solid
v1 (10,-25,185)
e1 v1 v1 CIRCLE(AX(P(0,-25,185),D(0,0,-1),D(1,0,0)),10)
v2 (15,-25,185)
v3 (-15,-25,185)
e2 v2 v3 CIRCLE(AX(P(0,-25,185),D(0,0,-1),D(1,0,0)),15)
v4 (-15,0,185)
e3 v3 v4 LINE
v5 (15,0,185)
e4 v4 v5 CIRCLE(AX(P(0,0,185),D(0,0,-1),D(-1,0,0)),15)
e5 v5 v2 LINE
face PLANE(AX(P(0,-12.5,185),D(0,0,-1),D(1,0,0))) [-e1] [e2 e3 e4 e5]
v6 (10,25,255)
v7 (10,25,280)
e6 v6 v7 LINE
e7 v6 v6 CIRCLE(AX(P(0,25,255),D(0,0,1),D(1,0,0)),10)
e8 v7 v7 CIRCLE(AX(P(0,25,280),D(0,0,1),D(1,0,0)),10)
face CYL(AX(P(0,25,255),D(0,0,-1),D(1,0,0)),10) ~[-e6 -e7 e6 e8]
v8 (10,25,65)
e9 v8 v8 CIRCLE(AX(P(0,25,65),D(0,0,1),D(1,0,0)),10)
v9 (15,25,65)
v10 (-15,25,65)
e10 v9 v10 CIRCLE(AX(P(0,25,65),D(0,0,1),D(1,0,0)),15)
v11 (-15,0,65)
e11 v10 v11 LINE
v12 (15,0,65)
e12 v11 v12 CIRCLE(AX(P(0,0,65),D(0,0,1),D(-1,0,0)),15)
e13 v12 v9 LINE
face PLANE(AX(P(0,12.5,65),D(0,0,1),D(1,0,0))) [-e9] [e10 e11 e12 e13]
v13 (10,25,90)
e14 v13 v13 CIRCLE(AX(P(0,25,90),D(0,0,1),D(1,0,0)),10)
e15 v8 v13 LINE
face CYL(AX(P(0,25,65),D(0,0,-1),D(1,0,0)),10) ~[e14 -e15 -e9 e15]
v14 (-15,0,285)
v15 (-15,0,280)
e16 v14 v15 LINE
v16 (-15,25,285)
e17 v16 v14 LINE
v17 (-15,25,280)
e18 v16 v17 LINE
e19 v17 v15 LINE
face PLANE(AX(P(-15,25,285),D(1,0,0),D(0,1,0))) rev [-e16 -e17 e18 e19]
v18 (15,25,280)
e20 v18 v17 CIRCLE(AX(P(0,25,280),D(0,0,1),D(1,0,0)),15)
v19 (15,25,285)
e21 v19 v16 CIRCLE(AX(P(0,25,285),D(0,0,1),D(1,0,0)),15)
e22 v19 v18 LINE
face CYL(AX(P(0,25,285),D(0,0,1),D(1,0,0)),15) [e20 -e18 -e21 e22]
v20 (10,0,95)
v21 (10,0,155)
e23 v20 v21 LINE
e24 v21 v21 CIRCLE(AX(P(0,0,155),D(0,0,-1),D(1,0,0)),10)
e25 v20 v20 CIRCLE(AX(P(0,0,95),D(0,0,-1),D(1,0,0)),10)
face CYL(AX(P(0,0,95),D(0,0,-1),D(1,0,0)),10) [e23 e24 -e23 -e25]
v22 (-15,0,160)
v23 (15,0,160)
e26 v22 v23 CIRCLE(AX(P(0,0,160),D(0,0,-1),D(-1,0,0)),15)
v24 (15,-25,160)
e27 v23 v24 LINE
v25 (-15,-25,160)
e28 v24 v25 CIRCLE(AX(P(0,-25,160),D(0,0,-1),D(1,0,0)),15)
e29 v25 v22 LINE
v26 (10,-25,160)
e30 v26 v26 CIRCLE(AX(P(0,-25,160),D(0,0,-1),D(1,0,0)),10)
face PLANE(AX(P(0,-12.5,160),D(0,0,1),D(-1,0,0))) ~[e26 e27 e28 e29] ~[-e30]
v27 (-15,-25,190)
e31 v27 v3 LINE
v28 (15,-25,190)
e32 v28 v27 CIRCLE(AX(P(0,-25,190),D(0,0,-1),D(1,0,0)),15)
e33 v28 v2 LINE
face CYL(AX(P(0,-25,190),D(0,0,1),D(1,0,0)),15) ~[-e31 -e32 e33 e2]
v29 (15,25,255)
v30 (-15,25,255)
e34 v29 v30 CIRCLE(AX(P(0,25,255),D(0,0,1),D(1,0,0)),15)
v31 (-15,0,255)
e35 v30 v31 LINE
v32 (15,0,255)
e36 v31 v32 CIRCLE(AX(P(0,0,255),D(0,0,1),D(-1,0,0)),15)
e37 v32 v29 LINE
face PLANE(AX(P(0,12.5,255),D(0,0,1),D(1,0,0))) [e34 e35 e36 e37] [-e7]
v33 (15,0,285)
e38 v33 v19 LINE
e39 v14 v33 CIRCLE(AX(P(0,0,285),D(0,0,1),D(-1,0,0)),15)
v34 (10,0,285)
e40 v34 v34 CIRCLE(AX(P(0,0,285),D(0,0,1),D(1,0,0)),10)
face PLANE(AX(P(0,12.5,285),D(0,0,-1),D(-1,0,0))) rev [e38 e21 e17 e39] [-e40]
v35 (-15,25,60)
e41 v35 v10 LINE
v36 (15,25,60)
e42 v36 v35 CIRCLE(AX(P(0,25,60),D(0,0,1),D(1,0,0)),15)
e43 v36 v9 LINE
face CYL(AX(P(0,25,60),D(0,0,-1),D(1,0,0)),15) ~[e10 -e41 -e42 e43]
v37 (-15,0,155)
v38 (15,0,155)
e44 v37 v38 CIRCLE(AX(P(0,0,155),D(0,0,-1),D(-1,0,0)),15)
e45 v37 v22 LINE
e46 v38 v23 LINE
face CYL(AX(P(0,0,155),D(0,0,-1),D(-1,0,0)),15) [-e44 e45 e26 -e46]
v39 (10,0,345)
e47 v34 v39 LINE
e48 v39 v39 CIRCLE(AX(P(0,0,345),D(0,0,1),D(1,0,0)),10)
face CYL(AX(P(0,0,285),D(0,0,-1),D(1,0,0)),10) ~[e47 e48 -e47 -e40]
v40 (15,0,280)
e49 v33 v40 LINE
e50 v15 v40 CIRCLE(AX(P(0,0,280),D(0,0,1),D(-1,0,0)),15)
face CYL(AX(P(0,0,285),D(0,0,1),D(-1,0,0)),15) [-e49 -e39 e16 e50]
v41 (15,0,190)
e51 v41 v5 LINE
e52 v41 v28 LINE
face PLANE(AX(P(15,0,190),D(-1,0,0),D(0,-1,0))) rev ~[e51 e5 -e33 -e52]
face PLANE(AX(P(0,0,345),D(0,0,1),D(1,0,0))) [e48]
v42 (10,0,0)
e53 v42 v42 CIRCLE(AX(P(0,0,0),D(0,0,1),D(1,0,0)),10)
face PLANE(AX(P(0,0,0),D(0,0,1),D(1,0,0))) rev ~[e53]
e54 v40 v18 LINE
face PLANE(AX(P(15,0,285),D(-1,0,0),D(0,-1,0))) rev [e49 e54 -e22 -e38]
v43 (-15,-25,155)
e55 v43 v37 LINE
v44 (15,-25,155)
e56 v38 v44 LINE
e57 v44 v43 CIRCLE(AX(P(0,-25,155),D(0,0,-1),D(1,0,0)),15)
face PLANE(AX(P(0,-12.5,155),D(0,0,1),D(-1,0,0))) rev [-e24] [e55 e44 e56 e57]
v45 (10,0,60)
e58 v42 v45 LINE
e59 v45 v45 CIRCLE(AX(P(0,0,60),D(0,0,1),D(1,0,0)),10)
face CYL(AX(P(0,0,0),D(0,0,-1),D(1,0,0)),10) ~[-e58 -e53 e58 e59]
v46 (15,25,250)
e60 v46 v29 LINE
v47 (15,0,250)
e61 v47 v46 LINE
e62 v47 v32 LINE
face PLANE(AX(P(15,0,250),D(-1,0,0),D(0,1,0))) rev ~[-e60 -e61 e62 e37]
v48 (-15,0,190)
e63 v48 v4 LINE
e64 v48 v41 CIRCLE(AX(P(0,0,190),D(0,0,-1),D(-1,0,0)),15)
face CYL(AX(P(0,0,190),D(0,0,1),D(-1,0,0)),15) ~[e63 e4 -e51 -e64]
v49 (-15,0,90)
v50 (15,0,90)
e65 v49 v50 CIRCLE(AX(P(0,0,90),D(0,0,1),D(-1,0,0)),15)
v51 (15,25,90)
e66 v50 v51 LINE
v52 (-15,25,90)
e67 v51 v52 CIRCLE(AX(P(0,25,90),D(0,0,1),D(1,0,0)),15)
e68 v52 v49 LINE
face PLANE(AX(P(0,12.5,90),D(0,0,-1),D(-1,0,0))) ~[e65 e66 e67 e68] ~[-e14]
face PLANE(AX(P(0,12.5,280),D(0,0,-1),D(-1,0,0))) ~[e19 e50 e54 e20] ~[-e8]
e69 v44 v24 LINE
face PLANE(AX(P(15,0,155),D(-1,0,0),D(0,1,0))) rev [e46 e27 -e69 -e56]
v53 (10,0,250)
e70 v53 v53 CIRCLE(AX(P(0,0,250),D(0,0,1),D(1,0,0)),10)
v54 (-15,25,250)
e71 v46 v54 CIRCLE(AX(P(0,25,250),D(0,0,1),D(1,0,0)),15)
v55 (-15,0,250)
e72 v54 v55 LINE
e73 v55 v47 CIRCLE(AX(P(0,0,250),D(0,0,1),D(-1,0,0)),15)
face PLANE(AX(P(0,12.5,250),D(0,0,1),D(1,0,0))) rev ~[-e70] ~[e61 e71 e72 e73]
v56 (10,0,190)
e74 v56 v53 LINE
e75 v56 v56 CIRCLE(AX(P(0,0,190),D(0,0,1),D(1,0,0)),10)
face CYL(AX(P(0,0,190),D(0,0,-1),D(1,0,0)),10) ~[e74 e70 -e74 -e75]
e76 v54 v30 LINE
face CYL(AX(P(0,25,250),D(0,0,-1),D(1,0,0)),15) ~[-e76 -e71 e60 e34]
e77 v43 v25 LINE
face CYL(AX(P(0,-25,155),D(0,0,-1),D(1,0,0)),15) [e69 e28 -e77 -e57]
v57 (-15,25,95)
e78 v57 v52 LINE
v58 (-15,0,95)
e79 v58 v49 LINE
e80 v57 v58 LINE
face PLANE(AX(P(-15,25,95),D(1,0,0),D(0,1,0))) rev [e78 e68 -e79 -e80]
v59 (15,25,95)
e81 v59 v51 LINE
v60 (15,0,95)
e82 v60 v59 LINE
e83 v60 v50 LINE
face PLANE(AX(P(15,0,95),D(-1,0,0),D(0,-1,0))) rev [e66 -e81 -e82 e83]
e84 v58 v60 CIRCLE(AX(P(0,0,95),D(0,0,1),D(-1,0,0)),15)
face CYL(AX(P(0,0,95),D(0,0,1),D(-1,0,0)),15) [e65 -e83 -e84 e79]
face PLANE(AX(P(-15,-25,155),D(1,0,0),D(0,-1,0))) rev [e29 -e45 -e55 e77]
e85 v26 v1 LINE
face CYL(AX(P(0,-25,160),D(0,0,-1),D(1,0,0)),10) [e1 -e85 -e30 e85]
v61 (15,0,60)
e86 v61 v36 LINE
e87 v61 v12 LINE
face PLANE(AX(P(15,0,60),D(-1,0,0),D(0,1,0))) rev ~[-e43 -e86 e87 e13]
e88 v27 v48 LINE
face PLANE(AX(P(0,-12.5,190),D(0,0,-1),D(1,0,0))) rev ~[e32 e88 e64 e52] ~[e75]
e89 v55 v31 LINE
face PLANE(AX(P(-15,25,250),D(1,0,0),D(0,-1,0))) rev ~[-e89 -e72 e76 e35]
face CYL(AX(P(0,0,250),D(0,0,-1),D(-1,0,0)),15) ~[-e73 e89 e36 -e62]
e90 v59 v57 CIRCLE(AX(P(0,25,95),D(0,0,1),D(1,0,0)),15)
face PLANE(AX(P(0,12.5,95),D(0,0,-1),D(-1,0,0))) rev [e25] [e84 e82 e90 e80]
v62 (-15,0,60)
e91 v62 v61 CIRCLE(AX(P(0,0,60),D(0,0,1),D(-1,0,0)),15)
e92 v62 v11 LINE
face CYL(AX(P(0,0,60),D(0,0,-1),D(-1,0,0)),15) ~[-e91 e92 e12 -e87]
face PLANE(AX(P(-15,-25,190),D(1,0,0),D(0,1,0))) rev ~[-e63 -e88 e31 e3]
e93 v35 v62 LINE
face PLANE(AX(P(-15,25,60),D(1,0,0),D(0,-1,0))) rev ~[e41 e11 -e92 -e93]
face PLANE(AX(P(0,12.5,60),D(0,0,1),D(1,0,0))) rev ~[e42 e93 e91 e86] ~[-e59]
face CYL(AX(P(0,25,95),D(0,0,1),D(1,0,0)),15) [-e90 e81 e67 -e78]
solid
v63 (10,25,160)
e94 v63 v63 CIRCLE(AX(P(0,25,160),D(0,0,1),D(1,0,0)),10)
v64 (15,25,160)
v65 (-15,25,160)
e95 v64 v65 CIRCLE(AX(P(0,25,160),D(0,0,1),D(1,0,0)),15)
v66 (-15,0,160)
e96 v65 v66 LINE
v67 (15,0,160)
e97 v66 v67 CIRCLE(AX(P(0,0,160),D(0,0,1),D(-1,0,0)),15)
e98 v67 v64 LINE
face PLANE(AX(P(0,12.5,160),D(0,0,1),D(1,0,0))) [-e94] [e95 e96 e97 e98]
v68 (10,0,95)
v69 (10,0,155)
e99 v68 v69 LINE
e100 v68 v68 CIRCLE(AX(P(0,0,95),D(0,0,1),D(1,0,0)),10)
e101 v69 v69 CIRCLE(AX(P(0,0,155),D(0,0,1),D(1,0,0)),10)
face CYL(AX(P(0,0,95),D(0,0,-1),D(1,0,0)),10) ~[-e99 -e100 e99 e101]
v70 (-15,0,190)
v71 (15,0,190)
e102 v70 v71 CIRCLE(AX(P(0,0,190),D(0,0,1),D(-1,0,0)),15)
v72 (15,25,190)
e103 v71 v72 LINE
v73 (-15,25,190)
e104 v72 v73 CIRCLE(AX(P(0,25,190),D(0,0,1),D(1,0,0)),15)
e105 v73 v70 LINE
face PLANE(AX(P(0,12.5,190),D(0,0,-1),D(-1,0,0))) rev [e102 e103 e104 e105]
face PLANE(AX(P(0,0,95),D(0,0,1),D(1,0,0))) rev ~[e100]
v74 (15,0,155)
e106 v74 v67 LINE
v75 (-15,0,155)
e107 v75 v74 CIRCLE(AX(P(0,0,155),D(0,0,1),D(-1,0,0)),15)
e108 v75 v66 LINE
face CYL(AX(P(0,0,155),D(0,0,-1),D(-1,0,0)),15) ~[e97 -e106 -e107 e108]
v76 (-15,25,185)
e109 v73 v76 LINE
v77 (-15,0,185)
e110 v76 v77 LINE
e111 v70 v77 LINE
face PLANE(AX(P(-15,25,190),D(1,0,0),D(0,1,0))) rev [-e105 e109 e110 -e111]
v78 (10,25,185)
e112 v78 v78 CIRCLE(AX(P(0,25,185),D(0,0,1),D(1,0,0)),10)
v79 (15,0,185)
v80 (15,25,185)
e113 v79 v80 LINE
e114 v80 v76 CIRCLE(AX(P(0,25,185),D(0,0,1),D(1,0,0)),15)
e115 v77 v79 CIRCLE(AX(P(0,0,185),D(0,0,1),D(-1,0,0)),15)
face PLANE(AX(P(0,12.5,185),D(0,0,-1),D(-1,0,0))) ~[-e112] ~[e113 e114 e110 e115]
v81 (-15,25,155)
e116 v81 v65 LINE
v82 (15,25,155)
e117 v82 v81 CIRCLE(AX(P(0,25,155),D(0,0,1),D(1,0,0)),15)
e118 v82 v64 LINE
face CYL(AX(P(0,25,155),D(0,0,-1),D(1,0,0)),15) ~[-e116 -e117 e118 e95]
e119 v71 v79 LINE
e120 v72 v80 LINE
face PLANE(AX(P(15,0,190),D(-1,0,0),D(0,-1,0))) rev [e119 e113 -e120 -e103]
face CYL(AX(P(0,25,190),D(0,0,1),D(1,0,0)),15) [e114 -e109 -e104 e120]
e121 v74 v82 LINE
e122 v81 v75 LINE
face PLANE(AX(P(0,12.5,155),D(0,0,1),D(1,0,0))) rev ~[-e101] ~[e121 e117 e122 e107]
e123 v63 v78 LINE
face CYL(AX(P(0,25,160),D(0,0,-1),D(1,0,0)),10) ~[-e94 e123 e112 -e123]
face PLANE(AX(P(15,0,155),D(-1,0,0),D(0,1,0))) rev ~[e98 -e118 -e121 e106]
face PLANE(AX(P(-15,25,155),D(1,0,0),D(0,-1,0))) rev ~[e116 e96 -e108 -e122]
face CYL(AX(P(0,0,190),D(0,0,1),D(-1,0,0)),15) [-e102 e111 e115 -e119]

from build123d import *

# Parameters (mm, degrees)
SKETCH1_R           = 10
BOSS_EXTRUDE1_DEPTH = 60
BOSS_EXTRUDE2_DEPTH = 5
SKETCH4_R           = 10
BOSS_EXTRUDE3_DEPTH = 25
LPATTERN2_COUNT     = 3
LPATTERN2_PITCH     = 95
SKETCH7_R           = 10
BOSS_EXTRUDE5_DEPTH = 60


with BuildPart() as part:
    # Sketch1 → Boss-Extrude1 (new body)
    with BuildSketch(Plane.XY):
        Circle(SKETCH1_R)
    extrude(amount=BOSS_EXTRUDE1_DEPTH)

    # Sketch2 → Boss-Extrude2 (add)
    with BuildSketch(Plane.XY.offset(60)):
        with BuildLine():
            Line((-15, 25), (-15, 0))
            ThreePointArc((-15, 0), (0, -15), (15, 0))
            Line((15, 0), (15, 25))
            ThreePointArc((15, 25), (0, 40), (-15, 25))
        make_face()
    boss_extrude2 = extrude(amount=BOSS_EXTRUDE2_DEPTH)

    # Sketch4 → Boss-Extrude3 (add)
    with BuildSketch(Plane.XY.offset(65)):
        with Locations((0, 25)):
            Circle(SKETCH4_R)
    extrude(amount=BOSS_EXTRUDE3_DEPTH)

    # Mirror1: Boss-Extrude2 across plane
    add(boss_extrude2.mirror(Plane.XY.offset(77.5)))


with BuildPart() as lpattern2_1:
    # LPattern2: pattern copy
    add(part.part.moved(Location(Vector(0, 0, 1) * (1 * LPATTERN2_PITCH))))


with BuildPart() as lpattern2_2:
    # LPattern2: pattern copy
    add(part.part.moved(Location(Vector(0, 0, 1) * (2 * LPATTERN2_PITCH))))

    # Sketch7 → Boss-Extrude5 (add)
    with BuildSketch(Plane.XY.offset(285)):
        Circle(SKETCH7_R)
    extrude(amount=BOSS_EXTRUDE5_DEPTH)


with BuildPart() as body_4:
    # Mirror2: mirrored copy
    add(lpattern2_1.part.mirror(Plane.ZX))


with BuildPart() as part_1:
    add(part.part)

    # Combine1: union LPattern2_2, body 4
    add(lpattern2_2.part)
    add(body_4.part)


solid = Compound([lpattern2_1.part, part_1.part])
